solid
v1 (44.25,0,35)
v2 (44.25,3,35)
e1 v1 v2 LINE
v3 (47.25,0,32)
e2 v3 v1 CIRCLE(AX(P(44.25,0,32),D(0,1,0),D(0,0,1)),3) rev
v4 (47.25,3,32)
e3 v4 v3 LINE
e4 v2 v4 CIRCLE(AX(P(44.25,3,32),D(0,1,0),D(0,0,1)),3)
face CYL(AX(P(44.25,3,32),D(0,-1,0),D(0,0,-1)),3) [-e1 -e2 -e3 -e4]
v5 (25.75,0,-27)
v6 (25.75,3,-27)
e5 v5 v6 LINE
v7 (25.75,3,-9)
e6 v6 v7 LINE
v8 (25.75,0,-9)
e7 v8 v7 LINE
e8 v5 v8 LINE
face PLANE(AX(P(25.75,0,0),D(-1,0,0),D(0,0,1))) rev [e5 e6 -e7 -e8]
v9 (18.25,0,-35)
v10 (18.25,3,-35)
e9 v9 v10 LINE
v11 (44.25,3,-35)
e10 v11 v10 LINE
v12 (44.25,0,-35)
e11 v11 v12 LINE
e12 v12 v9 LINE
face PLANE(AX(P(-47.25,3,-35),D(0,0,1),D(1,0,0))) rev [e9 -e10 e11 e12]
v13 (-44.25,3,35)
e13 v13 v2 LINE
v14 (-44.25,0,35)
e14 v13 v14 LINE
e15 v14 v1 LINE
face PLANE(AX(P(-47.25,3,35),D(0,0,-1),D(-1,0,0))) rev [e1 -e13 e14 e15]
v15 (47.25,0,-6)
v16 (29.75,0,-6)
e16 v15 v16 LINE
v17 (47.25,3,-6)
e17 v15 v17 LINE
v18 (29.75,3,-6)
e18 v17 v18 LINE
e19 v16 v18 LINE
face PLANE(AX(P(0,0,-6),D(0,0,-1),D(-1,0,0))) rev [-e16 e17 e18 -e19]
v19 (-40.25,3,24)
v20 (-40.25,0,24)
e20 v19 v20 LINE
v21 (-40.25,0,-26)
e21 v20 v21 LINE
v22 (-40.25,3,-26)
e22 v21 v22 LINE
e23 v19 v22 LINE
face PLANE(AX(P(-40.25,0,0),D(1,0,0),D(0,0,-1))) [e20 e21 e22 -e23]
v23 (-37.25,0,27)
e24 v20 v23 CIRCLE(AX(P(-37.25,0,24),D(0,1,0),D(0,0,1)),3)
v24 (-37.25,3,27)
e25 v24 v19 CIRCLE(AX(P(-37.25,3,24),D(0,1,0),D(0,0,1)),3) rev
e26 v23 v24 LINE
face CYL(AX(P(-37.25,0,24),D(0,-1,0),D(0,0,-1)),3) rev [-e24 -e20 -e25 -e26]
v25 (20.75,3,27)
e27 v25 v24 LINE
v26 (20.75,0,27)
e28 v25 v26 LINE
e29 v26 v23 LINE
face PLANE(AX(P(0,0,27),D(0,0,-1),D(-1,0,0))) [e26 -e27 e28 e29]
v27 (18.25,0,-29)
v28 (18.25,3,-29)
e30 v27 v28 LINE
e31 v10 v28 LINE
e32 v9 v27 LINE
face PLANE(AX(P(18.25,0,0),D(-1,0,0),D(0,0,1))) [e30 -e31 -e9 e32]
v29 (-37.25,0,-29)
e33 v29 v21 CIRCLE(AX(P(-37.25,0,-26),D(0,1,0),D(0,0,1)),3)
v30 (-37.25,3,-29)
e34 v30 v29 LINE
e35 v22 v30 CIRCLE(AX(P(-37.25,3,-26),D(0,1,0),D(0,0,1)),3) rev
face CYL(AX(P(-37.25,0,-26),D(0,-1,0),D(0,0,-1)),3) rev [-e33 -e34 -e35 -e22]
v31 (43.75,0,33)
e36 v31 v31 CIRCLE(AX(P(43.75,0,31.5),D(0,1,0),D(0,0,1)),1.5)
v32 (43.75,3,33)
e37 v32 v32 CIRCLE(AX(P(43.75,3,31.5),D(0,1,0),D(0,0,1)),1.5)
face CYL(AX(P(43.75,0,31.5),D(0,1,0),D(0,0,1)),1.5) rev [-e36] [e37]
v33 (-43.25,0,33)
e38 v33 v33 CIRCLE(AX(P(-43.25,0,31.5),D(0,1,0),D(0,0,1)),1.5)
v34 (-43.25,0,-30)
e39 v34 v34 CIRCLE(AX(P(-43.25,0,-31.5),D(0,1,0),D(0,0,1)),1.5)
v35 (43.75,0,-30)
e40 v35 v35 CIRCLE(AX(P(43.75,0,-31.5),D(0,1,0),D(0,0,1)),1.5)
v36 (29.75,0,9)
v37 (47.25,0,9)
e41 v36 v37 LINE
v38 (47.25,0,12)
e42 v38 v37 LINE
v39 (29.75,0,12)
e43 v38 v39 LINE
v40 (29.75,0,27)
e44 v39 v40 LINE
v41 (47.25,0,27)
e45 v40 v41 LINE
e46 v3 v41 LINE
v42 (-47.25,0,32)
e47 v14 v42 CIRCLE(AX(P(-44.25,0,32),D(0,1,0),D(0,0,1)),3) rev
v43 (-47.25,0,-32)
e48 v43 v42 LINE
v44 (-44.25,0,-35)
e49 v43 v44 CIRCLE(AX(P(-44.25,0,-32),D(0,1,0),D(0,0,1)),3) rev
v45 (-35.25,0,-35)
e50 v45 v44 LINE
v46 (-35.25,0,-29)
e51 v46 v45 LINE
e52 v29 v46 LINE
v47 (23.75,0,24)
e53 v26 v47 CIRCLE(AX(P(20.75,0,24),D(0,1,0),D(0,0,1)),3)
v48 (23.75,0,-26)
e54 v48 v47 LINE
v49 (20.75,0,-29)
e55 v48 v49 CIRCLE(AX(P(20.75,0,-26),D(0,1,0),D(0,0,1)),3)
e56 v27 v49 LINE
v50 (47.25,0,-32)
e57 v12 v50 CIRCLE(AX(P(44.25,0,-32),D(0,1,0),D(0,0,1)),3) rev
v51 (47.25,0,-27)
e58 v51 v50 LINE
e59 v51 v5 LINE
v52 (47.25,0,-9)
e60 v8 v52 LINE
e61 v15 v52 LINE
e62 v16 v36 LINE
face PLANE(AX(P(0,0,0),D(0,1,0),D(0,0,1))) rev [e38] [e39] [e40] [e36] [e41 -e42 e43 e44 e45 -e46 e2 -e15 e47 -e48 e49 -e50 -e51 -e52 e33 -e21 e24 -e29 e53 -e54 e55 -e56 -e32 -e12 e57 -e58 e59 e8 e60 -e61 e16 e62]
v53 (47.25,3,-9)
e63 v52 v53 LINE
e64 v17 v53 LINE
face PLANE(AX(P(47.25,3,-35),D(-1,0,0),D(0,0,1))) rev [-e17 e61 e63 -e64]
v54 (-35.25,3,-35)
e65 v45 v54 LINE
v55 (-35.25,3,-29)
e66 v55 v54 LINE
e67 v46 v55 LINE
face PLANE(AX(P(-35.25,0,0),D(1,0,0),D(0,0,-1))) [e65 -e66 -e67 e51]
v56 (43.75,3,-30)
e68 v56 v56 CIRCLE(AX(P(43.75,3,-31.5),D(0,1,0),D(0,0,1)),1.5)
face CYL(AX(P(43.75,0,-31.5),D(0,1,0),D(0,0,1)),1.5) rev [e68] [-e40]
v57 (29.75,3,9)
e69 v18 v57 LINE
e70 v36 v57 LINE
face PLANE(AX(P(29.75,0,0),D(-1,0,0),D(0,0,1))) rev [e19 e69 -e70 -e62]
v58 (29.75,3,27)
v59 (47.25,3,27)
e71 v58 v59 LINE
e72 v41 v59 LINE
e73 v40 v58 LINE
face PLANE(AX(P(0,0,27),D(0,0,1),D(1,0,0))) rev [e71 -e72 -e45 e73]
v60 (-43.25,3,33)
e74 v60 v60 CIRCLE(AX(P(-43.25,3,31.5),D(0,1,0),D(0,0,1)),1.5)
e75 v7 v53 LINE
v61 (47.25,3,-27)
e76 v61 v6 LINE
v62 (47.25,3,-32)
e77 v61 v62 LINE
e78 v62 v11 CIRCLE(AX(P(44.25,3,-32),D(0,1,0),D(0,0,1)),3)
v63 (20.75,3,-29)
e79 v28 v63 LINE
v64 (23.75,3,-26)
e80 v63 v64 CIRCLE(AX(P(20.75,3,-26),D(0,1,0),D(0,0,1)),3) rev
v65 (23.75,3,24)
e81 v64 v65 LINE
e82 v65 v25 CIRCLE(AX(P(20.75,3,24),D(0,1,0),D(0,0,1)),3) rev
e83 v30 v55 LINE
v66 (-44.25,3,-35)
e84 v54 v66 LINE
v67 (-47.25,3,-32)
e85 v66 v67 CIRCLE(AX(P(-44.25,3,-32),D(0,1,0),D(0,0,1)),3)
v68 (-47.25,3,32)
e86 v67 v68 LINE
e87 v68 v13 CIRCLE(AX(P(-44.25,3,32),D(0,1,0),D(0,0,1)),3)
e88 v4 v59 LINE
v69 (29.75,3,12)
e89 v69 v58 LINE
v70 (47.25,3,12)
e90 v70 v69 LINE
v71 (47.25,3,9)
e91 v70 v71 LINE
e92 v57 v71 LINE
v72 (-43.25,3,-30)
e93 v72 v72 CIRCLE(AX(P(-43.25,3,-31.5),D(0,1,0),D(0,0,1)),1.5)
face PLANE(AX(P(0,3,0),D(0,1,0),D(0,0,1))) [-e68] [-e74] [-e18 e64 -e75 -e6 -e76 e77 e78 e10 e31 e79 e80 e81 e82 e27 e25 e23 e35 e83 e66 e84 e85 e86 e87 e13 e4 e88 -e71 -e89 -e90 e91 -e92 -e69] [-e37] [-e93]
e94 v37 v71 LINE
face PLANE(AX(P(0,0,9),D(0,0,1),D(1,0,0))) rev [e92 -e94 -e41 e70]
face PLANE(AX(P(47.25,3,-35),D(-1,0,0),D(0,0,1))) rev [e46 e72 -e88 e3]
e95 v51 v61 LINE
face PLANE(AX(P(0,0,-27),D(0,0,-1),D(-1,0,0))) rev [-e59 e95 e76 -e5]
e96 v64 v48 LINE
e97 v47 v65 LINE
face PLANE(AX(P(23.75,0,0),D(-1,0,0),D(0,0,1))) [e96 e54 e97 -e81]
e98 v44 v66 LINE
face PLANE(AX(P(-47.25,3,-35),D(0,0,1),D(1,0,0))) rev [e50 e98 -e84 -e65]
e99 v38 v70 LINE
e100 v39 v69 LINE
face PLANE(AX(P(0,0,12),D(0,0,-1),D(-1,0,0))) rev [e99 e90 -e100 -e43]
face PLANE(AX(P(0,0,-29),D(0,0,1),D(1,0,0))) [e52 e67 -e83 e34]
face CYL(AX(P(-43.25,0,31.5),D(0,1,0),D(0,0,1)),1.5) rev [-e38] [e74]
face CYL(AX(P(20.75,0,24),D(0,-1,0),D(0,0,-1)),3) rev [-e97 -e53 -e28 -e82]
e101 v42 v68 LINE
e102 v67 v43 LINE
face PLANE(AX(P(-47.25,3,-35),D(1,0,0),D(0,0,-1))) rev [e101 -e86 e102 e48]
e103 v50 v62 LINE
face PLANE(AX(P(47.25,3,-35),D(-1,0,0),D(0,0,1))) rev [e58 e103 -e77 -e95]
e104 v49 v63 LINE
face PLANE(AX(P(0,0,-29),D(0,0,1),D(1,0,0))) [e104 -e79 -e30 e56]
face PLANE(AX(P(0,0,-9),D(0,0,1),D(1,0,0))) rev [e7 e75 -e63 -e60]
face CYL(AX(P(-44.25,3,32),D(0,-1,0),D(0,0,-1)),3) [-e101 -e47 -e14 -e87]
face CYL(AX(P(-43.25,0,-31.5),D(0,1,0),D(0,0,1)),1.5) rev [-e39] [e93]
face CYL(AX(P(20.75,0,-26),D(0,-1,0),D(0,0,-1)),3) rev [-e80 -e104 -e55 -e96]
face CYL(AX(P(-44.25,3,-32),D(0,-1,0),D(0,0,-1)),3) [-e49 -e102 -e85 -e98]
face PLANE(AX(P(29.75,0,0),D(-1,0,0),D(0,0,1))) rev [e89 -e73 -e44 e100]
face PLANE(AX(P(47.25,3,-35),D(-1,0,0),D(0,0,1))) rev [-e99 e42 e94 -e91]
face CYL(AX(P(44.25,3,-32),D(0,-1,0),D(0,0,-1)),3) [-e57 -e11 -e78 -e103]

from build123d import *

# Parameters (mm, degrees)
SKETCH1_W           = 94.5
SKETCH1_H           = 70
BOSS_EXTRUDE1_DEPTH = 3
SKETCH3_R           = 1.5
CUT_EXTRUDE2_DEPTH  = 59.877521177
FILLET2_R           = 3
SKETCH5_W           = 64
SKETCH5_H           = 56
SKETCH5_W_2         = 53.5
SKETCH5_H_2         = 6
SKETCH5_W_3         = 21.5
SKETCH5_H_3         = 18
SKETCH5_W_4         = 17.5
SKETCH5_H_4         = 15
CUT_EXTRUDE3_DEPTH  = 59.877521177
FILLET3_R           = 3


with BuildPart() as part:
    # Sketch1 → Boss-Extrude1 (new body)
    with BuildSketch(Plane(origin=(0, 0, 0), x_dir=(1, 0, 0), z_dir=(0, 1, 0))):
        Rectangle(SKETCH1_W, SKETCH1_H)
    extrude(amount=BOSS_EXTRUDE1_DEPTH)

    # Sketch3 → Cut-Extrude2 (cut, through all)
    with BuildSketch(Plane(origin=(0, 3, 0), x_dir=(1, 0, 0), z_dir=(0, 1, 0))):
        with Locations(Location((43.75, 31.5, 0), (0, 0, 270))):
            Circle(SKETCH3_R)
        with Locations(Location((-43.25, 31.5, 0), (0, 0, 270))):
            Circle(SKETCH3_R)
        with Locations(Location((-43.25, -31.5, 0), (0, 0, 270))):
            Circle(SKETCH3_R)
        with Locations(Location((43.75, -31.5, 0), (0, 0, 270))):
            Circle(SKETCH3_R)
    extrude(amount=-CUT_EXTRUDE2_DEPTH, mode=Mode.SUBTRACT)

    # Fillet2
    fillet2_edges = [part.edges().sort_by_distance(p)[0] for p in [
        (47.25, 1.5, 35),
        (-47.25, 1.5, 35),
        (-47.25, 1.5, -35),
        (47.25, 1.5, -35),
    ]]
    fillet(fillet2_edges, radius=FILLET2_R)

    # Sketch5 → Cut-Extrude3 (cut, through all)
    with BuildSketch(Plane(origin=(0, 3, 0), x_dir=(1, 0, 0), z_dir=(0, 1, 0))):
        with Locations((-8.25, 1)):
            Rectangle(SKETCH5_W, SKETCH5_H)
        with Locations((-8.5, 32)):
            Rectangle(SKETCH5_W_2, SKETCH5_H_2)
        with Locations((36.5, 18)):
            Rectangle(SKETCH5_W_3, SKETCH5_H_3)
        with Locations((38.5, -1.5)):
            Rectangle(SKETCH5_W_4, SKETCH5_H_4)
        with Locations((38.5, -19.5)):
            Rectangle(SKETCH5_W_4, SKETCH5_H_4)
    extrude(amount=-CUT_EXTRUDE3_DEPTH, mode=Mode.SUBTRACT)

    # Fillet3
    fillet3_edges = [part.edges().sort_by_distance(p)[0] for p in [
        (-40.25, 1.5, 27),
        (-40.25, 1.5, -29),
        (23.75, 1.5, -29),
        (23.75, 1.5, 27),
    ]]
    fillet(fillet3_edges, radius=FILLET3_R)


solid = part.part
